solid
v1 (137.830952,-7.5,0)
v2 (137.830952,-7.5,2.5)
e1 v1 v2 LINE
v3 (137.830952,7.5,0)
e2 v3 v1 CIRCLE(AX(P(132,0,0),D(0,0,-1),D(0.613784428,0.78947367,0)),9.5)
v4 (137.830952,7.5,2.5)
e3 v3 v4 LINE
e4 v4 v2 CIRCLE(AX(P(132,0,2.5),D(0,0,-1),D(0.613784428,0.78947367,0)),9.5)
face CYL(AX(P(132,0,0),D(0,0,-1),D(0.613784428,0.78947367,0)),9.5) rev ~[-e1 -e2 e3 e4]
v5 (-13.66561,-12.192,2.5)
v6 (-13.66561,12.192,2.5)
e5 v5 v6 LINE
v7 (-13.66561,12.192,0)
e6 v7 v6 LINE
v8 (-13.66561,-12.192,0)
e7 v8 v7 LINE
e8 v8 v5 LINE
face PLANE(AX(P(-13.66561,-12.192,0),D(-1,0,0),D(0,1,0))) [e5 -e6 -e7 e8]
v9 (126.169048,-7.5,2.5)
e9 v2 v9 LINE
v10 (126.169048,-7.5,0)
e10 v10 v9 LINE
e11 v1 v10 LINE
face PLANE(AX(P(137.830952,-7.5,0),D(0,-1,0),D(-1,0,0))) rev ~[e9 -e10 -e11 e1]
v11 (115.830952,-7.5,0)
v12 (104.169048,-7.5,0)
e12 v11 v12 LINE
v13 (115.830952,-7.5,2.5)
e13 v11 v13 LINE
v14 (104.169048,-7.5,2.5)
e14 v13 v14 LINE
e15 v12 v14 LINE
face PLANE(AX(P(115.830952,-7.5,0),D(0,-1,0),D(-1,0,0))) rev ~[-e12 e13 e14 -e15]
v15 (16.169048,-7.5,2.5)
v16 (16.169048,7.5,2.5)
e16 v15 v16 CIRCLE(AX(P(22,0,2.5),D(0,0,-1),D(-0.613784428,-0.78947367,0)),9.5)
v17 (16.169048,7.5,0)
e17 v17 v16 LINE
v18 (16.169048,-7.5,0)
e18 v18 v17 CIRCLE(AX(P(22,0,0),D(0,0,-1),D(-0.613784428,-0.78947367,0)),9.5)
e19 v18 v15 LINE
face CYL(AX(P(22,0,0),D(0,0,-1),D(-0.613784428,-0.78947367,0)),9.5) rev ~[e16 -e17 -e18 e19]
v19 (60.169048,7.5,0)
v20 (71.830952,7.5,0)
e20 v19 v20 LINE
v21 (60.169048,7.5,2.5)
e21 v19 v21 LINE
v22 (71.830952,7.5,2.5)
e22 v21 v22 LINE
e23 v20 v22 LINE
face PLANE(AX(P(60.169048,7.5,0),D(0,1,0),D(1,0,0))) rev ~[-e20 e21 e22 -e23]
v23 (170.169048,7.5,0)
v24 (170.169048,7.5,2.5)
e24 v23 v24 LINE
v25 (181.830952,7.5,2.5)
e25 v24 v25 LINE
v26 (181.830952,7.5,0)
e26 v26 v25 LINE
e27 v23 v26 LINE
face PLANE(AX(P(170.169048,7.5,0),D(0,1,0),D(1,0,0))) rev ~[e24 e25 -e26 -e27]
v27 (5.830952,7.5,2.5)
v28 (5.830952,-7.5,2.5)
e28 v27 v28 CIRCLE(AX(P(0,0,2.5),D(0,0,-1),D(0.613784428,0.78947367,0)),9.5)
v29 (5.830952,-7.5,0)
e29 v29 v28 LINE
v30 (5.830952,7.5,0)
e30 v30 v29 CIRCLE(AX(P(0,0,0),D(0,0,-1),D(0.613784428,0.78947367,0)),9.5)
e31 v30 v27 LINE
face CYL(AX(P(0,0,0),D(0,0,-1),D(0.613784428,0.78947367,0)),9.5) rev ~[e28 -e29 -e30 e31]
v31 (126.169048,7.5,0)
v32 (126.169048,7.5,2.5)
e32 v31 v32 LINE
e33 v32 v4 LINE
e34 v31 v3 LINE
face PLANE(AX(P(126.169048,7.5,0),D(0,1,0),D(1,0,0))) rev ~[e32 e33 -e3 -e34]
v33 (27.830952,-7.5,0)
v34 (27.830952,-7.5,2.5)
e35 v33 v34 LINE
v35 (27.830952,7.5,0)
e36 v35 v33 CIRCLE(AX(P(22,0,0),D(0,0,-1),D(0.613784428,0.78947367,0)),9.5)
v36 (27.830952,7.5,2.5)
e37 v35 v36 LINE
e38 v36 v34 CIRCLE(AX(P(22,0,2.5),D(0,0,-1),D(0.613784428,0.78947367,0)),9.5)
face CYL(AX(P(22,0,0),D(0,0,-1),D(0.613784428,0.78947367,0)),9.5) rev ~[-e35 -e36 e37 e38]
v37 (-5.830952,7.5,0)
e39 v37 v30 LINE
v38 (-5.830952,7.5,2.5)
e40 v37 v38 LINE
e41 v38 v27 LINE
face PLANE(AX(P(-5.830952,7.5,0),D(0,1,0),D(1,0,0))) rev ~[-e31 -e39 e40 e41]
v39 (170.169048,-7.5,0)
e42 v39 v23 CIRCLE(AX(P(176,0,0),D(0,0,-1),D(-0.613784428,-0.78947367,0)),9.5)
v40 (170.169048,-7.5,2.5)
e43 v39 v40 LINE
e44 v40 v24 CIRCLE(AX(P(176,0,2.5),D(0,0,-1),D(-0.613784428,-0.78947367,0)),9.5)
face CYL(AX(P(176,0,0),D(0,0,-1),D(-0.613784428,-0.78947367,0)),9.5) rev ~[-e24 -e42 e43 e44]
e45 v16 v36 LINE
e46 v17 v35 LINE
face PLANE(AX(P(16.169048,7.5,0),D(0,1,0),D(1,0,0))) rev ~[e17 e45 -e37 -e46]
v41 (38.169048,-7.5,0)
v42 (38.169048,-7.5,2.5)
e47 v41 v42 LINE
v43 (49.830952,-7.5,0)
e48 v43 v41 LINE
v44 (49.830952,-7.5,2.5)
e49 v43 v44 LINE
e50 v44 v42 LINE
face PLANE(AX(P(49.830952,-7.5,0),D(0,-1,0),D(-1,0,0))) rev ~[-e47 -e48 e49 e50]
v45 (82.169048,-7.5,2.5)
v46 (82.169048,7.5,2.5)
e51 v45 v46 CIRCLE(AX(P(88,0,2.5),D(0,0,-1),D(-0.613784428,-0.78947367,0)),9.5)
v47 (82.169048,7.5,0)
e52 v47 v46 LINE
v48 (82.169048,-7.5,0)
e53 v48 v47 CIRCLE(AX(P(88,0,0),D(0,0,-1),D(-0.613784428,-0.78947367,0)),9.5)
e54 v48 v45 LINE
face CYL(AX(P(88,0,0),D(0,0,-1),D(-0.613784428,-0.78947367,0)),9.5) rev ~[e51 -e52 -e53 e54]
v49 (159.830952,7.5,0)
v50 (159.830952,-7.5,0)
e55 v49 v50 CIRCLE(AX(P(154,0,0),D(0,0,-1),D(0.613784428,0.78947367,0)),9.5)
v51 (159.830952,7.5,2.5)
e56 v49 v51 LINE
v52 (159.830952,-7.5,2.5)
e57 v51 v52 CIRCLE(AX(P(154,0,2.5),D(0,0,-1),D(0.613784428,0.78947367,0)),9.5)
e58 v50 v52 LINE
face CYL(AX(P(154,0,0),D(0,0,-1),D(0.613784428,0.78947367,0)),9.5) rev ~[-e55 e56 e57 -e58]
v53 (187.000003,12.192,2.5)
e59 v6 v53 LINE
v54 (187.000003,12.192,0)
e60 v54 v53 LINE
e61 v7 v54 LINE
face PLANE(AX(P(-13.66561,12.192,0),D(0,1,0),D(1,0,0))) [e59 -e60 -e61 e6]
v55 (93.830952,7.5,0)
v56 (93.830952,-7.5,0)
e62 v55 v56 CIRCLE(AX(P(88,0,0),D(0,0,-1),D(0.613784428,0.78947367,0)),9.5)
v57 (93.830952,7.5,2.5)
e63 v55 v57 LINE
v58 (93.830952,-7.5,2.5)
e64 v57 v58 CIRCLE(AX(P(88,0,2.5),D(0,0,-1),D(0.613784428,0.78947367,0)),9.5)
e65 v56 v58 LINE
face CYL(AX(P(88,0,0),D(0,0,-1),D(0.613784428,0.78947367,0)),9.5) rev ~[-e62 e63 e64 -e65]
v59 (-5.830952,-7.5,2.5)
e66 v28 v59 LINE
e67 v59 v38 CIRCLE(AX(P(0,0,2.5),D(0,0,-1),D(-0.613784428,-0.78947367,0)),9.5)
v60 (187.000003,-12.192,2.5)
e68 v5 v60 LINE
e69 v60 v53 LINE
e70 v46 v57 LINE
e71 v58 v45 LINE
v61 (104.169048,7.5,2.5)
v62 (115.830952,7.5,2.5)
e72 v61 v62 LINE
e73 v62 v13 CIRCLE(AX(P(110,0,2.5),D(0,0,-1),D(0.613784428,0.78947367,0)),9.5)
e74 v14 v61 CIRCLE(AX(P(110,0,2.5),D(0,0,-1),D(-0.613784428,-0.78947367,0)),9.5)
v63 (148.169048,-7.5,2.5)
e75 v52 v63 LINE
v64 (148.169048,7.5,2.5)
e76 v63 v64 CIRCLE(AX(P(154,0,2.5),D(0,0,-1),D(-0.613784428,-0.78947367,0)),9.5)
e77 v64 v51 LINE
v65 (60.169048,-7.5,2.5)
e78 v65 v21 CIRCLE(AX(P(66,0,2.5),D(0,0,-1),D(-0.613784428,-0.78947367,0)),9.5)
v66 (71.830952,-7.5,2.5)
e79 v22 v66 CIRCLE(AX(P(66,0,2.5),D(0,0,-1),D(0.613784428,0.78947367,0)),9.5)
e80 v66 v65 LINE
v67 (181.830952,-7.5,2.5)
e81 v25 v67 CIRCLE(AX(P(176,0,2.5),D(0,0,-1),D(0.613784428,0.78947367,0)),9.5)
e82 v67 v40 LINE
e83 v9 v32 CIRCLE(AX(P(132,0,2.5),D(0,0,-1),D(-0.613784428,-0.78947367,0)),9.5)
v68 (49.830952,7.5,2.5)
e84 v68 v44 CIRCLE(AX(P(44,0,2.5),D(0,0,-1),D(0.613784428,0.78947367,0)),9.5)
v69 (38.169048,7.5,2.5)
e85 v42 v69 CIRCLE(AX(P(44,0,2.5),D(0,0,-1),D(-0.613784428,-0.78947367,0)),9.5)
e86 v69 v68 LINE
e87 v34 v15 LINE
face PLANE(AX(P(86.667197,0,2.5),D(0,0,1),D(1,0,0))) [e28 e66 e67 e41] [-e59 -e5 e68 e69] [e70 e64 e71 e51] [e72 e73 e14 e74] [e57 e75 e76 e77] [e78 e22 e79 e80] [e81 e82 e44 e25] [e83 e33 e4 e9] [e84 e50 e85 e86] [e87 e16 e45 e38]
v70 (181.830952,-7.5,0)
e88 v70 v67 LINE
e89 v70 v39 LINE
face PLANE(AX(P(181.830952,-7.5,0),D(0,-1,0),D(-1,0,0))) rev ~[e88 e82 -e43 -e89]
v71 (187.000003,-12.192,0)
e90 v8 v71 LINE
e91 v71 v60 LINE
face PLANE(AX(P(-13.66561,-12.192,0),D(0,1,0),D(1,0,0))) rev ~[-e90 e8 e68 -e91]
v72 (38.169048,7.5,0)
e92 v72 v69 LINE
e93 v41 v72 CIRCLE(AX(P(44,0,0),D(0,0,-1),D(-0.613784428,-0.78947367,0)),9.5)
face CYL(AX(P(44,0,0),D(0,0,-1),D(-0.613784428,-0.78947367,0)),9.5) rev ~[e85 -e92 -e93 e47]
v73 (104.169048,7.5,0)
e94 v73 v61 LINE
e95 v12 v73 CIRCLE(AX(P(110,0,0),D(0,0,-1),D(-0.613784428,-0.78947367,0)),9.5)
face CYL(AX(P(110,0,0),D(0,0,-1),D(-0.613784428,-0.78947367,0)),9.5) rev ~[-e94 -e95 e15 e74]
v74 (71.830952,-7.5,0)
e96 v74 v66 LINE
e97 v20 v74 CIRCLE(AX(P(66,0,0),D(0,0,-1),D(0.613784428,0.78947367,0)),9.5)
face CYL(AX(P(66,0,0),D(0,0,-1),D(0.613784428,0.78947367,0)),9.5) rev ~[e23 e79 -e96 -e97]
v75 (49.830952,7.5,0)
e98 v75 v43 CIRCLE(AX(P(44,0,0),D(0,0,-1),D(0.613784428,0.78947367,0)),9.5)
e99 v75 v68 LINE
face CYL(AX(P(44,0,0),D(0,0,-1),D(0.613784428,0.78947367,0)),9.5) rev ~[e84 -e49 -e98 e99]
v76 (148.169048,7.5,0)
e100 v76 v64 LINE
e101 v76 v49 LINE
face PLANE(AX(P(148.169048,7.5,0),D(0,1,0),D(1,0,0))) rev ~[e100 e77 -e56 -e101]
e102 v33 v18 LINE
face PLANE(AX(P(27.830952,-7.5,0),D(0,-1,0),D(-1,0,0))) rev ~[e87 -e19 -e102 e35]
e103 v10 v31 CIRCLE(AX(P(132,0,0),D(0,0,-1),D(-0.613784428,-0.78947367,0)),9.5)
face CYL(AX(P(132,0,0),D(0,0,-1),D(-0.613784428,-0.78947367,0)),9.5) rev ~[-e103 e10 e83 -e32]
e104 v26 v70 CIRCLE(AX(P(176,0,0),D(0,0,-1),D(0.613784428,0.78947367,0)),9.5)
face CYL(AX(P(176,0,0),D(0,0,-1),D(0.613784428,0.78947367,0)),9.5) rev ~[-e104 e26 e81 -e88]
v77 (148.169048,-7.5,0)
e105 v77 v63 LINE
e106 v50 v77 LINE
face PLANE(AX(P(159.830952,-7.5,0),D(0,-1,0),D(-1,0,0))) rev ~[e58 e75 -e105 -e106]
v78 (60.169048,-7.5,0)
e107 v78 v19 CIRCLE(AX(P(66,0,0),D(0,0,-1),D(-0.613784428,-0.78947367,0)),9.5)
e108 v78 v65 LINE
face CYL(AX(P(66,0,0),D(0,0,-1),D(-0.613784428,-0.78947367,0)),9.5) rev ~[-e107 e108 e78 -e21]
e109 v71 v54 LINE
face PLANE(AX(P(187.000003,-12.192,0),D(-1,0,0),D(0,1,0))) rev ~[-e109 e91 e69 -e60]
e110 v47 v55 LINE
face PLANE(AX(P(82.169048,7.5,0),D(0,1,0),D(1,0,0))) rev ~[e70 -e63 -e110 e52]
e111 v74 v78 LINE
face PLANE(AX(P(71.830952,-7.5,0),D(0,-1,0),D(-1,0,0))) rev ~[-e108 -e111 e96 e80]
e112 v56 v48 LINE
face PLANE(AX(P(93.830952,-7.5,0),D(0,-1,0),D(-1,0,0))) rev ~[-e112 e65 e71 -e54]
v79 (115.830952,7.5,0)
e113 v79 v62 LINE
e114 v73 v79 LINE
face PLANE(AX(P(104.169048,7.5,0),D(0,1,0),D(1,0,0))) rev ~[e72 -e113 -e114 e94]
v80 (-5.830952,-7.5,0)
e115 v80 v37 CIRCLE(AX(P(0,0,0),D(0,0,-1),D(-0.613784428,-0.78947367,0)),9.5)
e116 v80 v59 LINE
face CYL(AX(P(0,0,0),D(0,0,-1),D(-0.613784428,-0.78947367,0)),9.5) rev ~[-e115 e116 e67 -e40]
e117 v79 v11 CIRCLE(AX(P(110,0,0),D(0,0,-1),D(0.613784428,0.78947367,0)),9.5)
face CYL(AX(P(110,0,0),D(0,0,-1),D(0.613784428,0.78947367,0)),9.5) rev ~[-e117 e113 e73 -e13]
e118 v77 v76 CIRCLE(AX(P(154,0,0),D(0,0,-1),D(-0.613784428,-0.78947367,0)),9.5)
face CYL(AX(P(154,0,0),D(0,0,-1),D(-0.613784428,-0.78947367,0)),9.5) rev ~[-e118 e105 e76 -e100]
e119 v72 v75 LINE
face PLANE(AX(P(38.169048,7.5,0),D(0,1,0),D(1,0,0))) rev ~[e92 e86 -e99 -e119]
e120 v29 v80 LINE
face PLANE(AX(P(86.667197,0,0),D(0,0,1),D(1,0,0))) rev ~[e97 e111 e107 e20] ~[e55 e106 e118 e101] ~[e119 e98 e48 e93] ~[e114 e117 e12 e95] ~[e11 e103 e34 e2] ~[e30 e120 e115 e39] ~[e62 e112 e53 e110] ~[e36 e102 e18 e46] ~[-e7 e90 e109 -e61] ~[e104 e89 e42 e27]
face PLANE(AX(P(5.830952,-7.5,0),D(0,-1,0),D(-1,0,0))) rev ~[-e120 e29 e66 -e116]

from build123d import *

# Parameters (mm, degrees)
F0_W     = 200.665613
F0_H     = 24.384
F1_DEPTH = 2.5


with BuildPart() as f1:
    # F0 (on Top) → F1 (new body)
    with BuildSketch(Plane.XY):
        with Locations((86.667197, 0)):
            Rectangle(F0_W, F0_H)
        with BuildLine():
            ThreePointArc((-5.830952, -7.5), (-9.5, 0), (-5.830952, 7.5))
            Line((-5.830952, 7.5), (5.830952, 7.5))
            ThreePointArc((5.830952, 7.5), (9.5, 0), (5.830952, -7.5))
            Line((5.830952, -7.5), (-5.830952, -7.5))
        make_face(mode=Mode.SUBTRACT)
        with BuildLine():
            ThreePointArc((16.169048, -7.5), (12.5, 0), (16.169048, 7.5))
            Line((16.169048, 7.5), (27.830952, 7.5))
            ThreePointArc((27.830952, 7.5), (31.5, 0), (27.830952, -7.5))
            Line((27.830952, -7.5), (16.169048, -7.5))
        make_face(mode=Mode.SUBTRACT)
        with BuildLine():
            ThreePointArc((38.169048, -7.5), (34.5, 0), (38.169048, 7.5))
            Line((38.169048, 7.5), (49.830952, 7.5))
            ThreePointArc((49.830952, 7.5), (53.5, 0), (49.830952, -7.5))
            Line((49.830952, -7.5), (38.169048, -7.5))
        make_face(mode=Mode.SUBTRACT)
        with BuildLine():
            ThreePointArc((60.169048, -7.5), (56.5, 0), (60.169048, 7.5))
            Line((60.169048, 7.5), (71.830952, 7.5))
            ThreePointArc((71.830952, 7.5), (75.5, 0), (71.830952, -7.5))
            Line((71.830952, -7.5), (60.169048, -7.5))
        make_face(mode=Mode.SUBTRACT)
        with BuildLine():
            ThreePointArc((82.169048, -7.5), (78.5, 0), (82.169048, 7.5))
            Line((82.169048, 7.5), (93.830952, 7.5))
            ThreePointArc((93.830952, 7.5), (97.5, 0), (93.830952, -7.5))
            Line((93.830952, -7.5), (82.169048, -7.5))
        make_face(mode=Mode.SUBTRACT)
        with BuildLine():
            ThreePointArc((104.169048, -7.5), (100.5, 0), (104.169048, 7.5))
            Line((104.169048, 7.5), (115.830952, 7.5))
            ThreePointArc((115.830952, 7.5), (119.5, 0), (115.830952, -7.5))
            Line((115.830952, -7.5), (104.169048, -7.5))
        make_face(mode=Mode.SUBTRACT)
        with BuildLine():
            ThreePointArc((126.169048, -7.5), (122.5, 0), (126.169048, 7.5))
            Line((126.169048, 7.5), (137.830952, 7.5))
            ThreePointArc((137.830952, 7.5), (141.5, 0), (137.830952, -7.5))
            Line((137.830952, -7.5), (126.169048, -7.5))
        make_face(mode=Mode.SUBTRACT)
        with BuildLine():
            ThreePointArc((148.169048, -7.5), (144.5, 0), (148.169048, 7.5))
            Line((148.169048, 7.5), (159.830952, 7.5))
            ThreePointArc((159.830952, 7.5), (163.5, 0), (159.830952, -7.5))
            Line((159.830952, -7.5), (148.169048, -7.5))
        make_face(mode=Mode.SUBTRACT)
        with BuildLine():
            ThreePointArc((170.169048, -7.5), (166.5, 0), (170.169048, 7.5))
            Line((170.169048, 7.5), (181.830952, 7.5))
            ThreePointArc((181.830952, 7.5), (185.5, 0), (181.830952, -7.5))
            Line((181.830952, -7.5), (170.169048, -7.5))
        make_face(mode=Mode.SUBTRACT)
    extrude(amount=F1_DEPTH)


solid = f1.part
